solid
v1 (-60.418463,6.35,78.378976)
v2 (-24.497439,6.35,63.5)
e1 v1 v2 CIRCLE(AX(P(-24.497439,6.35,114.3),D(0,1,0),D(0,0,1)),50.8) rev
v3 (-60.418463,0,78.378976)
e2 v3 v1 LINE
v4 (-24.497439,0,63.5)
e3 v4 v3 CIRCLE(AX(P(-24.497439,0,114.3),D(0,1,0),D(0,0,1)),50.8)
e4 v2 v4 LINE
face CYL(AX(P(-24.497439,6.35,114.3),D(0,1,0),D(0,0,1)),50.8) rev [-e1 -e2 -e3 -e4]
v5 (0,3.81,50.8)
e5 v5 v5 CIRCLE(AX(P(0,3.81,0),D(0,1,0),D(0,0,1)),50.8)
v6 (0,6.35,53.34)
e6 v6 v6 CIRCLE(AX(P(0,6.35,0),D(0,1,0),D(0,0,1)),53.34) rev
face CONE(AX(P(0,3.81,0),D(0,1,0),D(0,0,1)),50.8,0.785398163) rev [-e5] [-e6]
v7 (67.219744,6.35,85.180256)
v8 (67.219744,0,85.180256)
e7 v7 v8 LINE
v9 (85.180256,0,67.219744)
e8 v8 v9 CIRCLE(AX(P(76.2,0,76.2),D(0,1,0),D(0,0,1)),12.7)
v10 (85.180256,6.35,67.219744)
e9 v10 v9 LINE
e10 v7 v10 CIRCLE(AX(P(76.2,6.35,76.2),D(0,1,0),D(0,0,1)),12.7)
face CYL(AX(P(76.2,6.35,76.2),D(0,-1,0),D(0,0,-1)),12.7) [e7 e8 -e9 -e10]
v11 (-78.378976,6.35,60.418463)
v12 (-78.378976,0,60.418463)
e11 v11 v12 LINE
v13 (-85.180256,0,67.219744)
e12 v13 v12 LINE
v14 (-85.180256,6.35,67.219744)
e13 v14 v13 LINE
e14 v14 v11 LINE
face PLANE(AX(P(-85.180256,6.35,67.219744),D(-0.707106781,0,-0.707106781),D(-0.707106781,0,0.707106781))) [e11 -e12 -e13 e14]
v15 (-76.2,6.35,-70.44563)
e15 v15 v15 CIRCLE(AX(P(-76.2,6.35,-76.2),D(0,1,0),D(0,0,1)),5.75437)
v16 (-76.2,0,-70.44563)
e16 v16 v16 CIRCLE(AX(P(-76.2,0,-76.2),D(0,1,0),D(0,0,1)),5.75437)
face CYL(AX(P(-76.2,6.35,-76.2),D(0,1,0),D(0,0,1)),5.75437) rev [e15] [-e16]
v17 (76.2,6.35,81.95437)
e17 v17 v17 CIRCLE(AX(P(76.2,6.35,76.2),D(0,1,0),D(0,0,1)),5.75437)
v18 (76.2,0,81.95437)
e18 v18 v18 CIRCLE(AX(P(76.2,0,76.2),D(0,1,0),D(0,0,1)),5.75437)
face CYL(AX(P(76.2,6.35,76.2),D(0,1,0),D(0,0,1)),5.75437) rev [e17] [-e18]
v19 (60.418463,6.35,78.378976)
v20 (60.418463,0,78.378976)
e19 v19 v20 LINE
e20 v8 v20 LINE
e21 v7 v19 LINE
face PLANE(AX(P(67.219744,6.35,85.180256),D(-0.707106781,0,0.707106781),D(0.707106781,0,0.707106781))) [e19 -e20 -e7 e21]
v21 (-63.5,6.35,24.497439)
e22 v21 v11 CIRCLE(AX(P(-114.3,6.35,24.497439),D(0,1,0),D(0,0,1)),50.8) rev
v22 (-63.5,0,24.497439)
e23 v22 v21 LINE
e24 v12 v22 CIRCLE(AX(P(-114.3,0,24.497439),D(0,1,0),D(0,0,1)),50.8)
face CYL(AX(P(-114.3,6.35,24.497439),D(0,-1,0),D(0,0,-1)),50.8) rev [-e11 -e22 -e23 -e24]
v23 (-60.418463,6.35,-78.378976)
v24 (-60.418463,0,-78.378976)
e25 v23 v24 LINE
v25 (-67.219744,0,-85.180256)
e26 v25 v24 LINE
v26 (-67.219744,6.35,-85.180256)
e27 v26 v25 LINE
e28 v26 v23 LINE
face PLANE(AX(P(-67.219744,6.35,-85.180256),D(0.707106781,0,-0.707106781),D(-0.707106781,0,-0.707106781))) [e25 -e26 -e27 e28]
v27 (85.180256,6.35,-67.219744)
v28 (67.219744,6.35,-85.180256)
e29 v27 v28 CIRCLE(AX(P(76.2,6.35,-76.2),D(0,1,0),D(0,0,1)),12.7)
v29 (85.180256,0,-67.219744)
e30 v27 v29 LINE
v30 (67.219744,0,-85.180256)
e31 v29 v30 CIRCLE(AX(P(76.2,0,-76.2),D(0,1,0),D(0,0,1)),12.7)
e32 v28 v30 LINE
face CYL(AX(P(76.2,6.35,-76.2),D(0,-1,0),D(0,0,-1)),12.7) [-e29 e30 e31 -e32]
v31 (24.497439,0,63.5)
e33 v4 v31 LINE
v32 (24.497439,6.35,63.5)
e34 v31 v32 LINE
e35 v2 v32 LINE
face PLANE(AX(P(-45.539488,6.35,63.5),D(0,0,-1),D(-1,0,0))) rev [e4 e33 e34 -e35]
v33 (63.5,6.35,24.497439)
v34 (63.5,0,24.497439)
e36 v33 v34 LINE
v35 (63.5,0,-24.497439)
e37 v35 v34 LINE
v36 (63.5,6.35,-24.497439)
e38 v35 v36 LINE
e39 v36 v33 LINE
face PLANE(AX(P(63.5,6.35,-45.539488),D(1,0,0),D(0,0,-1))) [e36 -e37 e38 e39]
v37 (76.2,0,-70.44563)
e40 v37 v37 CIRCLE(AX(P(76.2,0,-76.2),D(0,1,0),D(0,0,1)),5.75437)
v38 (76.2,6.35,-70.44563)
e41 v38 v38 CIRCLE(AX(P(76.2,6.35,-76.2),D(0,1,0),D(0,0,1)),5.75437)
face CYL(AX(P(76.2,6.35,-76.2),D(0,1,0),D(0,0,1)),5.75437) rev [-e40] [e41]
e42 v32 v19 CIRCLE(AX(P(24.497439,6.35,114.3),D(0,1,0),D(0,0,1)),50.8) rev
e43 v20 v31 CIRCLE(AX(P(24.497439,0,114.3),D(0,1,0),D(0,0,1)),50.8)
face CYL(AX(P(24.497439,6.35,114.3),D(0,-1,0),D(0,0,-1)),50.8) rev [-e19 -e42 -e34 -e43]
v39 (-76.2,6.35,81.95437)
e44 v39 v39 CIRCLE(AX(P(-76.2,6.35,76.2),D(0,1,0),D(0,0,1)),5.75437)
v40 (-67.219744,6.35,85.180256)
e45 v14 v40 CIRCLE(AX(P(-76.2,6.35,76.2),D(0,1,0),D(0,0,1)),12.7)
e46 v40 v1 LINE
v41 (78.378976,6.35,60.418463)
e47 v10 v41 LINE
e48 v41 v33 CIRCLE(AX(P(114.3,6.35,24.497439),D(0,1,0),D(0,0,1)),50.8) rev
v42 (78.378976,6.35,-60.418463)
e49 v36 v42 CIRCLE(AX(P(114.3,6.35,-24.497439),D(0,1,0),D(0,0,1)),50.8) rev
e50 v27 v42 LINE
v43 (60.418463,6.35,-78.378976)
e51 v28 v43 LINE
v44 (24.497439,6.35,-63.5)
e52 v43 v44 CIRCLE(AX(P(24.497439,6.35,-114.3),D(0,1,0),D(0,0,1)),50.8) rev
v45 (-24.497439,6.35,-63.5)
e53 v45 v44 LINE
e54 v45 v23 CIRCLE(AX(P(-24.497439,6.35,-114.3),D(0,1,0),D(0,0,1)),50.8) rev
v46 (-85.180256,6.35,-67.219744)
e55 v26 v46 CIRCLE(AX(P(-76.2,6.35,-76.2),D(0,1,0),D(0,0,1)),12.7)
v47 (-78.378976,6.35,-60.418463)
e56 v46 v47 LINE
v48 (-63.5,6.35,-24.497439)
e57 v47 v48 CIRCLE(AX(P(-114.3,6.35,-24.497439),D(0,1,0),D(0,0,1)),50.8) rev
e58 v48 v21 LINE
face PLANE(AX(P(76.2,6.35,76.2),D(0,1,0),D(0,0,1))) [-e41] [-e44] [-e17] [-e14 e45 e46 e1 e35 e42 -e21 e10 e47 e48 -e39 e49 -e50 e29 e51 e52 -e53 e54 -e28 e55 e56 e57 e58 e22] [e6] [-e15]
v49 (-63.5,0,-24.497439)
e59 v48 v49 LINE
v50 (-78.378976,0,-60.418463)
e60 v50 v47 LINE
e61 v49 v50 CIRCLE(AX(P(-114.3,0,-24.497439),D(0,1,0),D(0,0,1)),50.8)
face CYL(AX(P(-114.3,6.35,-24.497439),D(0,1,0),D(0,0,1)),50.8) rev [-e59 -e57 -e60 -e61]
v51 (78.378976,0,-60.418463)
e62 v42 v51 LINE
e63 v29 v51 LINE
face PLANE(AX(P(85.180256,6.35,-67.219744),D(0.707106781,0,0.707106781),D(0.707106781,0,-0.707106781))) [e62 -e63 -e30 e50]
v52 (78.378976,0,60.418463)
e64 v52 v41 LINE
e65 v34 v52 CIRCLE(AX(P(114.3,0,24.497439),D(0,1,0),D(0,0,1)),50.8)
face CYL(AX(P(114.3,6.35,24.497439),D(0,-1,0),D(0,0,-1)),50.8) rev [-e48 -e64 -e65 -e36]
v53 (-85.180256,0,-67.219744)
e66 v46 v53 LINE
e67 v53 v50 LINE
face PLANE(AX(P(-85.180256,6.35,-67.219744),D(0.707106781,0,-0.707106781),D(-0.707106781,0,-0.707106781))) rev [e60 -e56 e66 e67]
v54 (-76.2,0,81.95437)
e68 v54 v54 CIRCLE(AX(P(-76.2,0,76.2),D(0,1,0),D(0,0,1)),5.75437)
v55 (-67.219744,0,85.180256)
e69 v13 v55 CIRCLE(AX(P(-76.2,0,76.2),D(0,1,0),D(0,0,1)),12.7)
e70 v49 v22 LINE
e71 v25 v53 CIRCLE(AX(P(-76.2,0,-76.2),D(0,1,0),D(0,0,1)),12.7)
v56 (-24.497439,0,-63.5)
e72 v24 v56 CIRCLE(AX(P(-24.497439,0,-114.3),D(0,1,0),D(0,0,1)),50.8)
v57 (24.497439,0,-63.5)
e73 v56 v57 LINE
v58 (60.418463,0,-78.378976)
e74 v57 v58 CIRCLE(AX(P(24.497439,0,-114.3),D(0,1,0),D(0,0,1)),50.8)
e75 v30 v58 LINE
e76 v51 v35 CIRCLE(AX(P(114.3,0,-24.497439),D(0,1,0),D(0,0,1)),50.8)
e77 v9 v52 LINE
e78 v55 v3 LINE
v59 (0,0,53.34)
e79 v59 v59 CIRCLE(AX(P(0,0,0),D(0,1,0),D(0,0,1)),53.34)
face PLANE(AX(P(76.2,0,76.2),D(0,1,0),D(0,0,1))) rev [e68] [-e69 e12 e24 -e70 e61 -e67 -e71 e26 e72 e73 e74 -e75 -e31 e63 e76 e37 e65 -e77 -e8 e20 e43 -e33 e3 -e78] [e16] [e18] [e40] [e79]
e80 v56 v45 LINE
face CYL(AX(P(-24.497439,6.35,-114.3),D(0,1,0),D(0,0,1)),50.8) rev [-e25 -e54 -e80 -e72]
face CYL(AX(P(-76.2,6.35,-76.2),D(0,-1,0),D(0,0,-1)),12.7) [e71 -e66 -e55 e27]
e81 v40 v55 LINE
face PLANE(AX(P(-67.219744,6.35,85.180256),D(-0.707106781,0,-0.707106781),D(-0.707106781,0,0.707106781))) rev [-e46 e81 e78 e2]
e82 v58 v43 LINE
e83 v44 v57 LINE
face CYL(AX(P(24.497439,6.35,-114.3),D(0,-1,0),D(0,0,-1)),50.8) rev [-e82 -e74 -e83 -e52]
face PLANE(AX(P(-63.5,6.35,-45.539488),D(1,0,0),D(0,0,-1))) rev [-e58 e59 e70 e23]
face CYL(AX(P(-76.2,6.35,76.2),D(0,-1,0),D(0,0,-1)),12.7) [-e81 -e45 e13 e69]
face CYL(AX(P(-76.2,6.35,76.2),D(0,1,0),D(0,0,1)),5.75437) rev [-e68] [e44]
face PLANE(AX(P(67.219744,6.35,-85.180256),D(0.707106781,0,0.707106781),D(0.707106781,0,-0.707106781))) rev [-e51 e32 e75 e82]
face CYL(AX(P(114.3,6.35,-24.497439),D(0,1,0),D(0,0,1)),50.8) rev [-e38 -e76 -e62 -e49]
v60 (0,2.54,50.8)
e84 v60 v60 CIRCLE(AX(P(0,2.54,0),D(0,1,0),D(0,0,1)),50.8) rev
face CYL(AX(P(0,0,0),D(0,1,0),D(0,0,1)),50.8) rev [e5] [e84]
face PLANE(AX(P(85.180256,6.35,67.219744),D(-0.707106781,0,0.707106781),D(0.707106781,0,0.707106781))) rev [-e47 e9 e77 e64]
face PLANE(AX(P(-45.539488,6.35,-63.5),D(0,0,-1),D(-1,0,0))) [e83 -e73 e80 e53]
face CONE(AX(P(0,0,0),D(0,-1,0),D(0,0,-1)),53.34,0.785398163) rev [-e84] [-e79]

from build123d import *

# Parameters (mm, degrees)
BOSS_EXTRUDE1_DEPTH         = 6.35
SKETCH2_R                   = 50.8
CUT_EXTRUDE1_DEPTH          = 6.35
FILLET1_R                   = 50.8
F_1_2_20_TAPPED_HOLE1_D     = 11.50874
F_1_2_20_TAPPED_HOLE1_DEPTH = 29.21
F_1_2_20_TAPPED_HOLE1_TIP   = 3.45757432
CHAMFER1_SIZE               = 2.54


with BuildPart() as part:
    # Sketch1 → Boss-Extrude1 (new body)
    with BuildSketch(Plane(origin=(0, 0, 0), x_dir=(1, 0, 0), z_dir=(0, 1, 0))):
        with BuildLine():
            Line((-45.539487758, 63.5), (45.539487758, 63.5))
            Line((45.539487758, 63.5), (67.219743879, 85.180256121))
            ThreePointArc((67.219743879, 85.180256121), (85.180256121, 85.180256121), (85.180256121, 67.219743879))
            Line((85.180256121, 67.219743879), (63.5, 45.539487758))
            Line((63.5, 45.539487758), (63.5, -45.539487758))
            Line((63.5, -45.539487758), (85.180256121, -67.219743879))
            ThreePointArc((85.180256121, -67.219743879), (85.180256121, -85.180256121), (67.219743879, -85.180256121))
            Line((67.219743879, -85.180256121), (45.539487758, -63.5))
            Line((45.539487758, -63.5), (-45.539487758, -63.5))
            Line((-45.539487758, -63.5), (-67.219743879, -85.180256121))
            ThreePointArc((-67.219743879, -85.180256121), (-85.180256121, -85.180256121), (-85.180256121, -67.219743879))
            Line((-85.180256121, -67.219743879), (-63.5, -45.539487758))
            Line((-63.5, -45.539487758), (-63.5, 45.539487758))
            Line((-63.5, 45.539487758), (-85.180256121, 67.219743879))
            ThreePointArc((-85.180256121, 67.219743879), (-85.180256121, 85.180256121), (-67.219743879, 85.180256121))
            Line((-67.219743879, 85.180256121), (-45.539487758, 63.5))
        make_face()
    extrude(amount=BOSS_EXTRUDE1_DEPTH)

    # Sketch2 → Cut-Extrude1 (cut)
    with BuildSketch(Plane(origin=(0, 6.35, 0), x_dir=(1, 0, 0), z_dir=(0, 1, 0))):
        Circle(SKETCH2_R)
    extrude(amount=-CUT_EXTRUDE1_DEPTH, mode=Mode.SUBTRACT)

    # Fillet1
    fillet1_edges = [part.edges().sort_by_distance(p)[0] for p in [
        (-63.5, 3.175, 45.539487758),
        (-63.5, 3.175, -45.539487758),
        (-45.539487758, 3.175, -63.5),
        (45.539487758, 3.175, -63.5),
        (63.5, 3.175, -45.539487758),
        (63.5, 3.175, 45.539487758),
        (45.539487758, 3.175, 63.5),
        (-45.539487758, 3.175, 63.5),
    ]]
    fillet(fillet1_edges, radius=FILLET1_R)

    # 1/2-20 Tapped Hole1
    with Locations(Plane(origin=(-76.2, 6.35, -76.2), x_dir=(0, 0, 1), z_dir=(0, 1, 0))):
        with Locations((0, 0), (0, 152.4), (152.4, 152.4), (152.4, 0)):
            Hole(F_1_2_20_TAPPED_HOLE1_D / 2, depth=F_1_2_20_TAPPED_HOLE1_DEPTH)
            with Locations((0, 0, -(F_1_2_20_TAPPED_HOLE1_DEPTH + F_1_2_20_TAPPED_HOLE1_TIP / 2))):  # 118° drill point
                Cone(0, F_1_2_20_TAPPED_HOLE1_D / 2, F_1_2_20_TAPPED_HOLE1_TIP, mode=Mode.SUBTRACT)

    # Chamfer1
    chamfer1_edges = [part.edges().sort_by_distance(p)[0] for p in [
        (-50.8, 0, 0),
        (-50.8, 6.35, 0),
    ]]
    chamfer(chamfer1_edges, length=CHAMFER1_SIZE)


solid = part.part
